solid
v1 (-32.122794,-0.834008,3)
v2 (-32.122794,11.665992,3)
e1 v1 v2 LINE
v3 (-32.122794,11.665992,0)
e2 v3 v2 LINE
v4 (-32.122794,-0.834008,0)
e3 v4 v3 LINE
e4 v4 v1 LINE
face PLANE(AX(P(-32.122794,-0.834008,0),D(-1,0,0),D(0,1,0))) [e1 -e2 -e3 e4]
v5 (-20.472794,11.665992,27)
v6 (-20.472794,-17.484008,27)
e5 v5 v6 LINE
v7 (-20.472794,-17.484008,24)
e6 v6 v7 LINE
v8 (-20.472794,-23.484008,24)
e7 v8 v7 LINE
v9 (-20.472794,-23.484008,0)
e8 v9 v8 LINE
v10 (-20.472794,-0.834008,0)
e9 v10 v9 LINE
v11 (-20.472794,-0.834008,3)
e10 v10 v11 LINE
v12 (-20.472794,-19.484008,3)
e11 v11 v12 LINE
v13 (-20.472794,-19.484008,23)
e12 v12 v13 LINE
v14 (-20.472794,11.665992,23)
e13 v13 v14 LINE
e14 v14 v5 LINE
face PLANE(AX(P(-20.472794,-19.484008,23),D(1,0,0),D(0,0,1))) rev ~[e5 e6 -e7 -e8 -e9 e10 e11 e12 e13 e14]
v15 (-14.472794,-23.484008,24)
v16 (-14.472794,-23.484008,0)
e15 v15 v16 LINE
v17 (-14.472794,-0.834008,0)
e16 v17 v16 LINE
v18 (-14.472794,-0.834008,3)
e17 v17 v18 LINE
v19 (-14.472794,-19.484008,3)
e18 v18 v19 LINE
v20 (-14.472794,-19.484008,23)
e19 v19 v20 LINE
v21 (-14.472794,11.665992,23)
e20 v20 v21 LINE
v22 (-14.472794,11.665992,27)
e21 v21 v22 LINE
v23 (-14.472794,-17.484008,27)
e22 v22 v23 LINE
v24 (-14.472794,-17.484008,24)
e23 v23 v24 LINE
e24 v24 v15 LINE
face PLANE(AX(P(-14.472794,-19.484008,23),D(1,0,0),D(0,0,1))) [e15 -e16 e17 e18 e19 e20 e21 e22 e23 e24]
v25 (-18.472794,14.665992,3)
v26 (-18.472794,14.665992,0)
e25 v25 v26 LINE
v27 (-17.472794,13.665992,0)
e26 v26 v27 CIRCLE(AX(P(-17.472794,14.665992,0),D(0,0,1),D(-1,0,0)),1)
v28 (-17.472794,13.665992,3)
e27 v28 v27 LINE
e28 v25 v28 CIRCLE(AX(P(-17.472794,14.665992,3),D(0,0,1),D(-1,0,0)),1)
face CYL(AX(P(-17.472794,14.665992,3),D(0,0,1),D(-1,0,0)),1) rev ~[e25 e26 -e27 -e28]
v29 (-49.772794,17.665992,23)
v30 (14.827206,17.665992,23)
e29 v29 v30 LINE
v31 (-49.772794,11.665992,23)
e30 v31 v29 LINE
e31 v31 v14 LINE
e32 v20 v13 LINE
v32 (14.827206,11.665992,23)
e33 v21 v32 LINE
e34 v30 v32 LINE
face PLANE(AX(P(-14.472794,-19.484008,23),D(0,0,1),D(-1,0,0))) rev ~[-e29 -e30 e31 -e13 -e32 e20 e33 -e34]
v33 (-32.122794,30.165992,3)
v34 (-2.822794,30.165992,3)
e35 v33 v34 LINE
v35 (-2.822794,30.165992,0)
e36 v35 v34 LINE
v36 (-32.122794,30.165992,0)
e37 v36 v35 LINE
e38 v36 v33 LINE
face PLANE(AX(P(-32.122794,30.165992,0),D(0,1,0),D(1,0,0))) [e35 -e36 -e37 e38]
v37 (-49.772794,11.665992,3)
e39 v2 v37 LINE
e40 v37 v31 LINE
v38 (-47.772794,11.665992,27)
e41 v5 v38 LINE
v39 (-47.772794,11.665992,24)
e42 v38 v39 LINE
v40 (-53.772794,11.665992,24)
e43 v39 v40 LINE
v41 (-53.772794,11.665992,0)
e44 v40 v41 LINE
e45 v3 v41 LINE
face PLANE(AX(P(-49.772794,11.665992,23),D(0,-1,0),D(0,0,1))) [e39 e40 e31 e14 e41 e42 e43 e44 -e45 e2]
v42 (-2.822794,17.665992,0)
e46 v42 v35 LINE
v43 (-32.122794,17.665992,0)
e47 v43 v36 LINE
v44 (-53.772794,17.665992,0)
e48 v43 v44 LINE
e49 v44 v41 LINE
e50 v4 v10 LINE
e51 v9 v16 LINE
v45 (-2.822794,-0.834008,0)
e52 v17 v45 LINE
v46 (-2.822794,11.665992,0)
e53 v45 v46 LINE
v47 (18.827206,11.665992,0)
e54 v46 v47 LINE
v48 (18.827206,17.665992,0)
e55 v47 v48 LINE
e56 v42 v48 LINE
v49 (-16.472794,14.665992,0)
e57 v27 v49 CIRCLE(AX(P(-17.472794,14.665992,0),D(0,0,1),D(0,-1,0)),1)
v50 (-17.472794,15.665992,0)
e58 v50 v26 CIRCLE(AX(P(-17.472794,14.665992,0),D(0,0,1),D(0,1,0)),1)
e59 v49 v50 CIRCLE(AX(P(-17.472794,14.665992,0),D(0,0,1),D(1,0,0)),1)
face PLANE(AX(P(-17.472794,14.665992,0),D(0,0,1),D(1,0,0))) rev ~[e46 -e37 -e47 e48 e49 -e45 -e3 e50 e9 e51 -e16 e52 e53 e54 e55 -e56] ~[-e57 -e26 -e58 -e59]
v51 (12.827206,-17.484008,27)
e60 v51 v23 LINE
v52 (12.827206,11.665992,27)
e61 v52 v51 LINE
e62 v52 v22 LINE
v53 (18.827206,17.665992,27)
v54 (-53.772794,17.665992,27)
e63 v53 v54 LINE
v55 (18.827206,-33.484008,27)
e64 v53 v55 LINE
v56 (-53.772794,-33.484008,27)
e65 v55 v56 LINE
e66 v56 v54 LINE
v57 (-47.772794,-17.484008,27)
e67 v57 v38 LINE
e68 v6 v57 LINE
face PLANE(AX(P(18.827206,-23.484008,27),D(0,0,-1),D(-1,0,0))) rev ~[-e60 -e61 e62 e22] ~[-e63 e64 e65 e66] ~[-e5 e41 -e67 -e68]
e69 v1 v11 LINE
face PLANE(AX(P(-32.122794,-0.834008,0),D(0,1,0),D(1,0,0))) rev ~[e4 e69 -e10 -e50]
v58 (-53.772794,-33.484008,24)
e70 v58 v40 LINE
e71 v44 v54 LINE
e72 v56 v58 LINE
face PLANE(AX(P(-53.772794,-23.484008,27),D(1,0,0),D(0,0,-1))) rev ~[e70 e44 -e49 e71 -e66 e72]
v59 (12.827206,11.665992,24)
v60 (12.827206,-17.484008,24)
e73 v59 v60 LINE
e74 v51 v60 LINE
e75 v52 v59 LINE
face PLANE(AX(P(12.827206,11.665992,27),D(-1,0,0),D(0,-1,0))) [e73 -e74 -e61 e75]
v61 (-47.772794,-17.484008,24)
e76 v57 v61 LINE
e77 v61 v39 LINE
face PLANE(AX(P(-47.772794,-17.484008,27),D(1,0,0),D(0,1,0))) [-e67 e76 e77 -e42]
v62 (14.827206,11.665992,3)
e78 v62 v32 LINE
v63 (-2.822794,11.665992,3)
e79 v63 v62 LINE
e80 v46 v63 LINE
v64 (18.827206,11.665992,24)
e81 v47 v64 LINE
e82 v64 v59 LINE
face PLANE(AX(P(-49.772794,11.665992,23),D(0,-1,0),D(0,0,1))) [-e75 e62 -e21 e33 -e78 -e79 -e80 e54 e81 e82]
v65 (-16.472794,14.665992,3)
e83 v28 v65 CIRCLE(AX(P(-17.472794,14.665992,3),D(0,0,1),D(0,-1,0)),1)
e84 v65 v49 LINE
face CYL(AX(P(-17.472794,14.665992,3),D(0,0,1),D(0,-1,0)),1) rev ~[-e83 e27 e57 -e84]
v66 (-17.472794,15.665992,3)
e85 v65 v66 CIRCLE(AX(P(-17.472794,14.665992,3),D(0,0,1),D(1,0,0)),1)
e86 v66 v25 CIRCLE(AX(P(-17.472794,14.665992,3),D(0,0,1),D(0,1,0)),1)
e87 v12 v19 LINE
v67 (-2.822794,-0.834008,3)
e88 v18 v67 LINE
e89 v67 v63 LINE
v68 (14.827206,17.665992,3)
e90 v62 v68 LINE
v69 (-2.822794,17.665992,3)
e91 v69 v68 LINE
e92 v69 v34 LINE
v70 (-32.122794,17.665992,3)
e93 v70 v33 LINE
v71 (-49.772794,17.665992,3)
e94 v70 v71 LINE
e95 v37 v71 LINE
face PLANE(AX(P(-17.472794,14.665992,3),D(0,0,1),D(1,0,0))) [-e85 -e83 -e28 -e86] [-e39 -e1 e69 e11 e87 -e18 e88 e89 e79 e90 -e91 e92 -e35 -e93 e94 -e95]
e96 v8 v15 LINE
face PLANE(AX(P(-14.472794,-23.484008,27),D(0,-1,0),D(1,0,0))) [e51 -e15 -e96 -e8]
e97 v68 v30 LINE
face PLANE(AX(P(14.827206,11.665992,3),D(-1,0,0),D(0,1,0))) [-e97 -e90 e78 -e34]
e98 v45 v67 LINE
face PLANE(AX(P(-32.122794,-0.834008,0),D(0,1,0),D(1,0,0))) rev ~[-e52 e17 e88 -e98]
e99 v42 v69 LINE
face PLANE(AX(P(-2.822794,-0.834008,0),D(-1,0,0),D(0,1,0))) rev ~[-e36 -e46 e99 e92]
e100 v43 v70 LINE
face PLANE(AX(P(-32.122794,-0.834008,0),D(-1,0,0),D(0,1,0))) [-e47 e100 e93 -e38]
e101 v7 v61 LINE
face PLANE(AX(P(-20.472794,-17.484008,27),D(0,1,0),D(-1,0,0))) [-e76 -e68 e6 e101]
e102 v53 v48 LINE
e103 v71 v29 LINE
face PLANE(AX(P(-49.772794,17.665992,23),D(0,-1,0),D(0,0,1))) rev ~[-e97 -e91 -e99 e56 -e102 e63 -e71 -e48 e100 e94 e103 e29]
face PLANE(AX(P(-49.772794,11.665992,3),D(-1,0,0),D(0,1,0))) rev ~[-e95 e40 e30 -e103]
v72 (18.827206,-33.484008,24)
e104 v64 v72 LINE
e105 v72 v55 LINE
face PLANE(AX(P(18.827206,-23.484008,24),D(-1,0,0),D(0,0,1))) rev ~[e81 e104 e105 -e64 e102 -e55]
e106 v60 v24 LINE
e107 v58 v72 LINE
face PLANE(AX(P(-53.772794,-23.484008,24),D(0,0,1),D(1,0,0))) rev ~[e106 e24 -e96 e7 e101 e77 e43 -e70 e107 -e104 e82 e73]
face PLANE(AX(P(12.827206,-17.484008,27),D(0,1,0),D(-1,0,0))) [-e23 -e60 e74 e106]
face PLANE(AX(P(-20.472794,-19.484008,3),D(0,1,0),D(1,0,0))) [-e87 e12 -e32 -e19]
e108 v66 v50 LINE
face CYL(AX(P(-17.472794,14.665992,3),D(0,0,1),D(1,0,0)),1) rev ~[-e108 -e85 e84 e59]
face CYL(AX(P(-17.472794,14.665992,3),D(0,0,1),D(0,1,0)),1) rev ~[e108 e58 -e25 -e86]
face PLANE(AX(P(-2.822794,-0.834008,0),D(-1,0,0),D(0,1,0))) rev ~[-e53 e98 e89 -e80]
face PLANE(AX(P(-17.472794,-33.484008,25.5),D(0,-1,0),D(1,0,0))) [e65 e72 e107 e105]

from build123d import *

# Parameters (mm, degrees)
F0_W      = 29.3
F0_H      = 31
F1_DEPTH  = 3
F2_W      = 6
F2_H      = 3
F5_DEPTH  = 21.65
F3_W      = 6
F3_H      = 3
F6_DEPTH  = 21.65
F4_W      = 6
F4_H      = 3
F7_DEPTH  = 22.65
F8_W      = 4
F8_H      = 6
F8_W_2    = 6
F8_H_2    = 4
F9_DEPTH  = 24
F10_W     = 6
F10_H     = 4
F13_DEPTH = 35.95
F11_W     = 6
F11_H     = 4
F14_DEPTH = 35.95
F12_W     = 6
F12_H     = 4
F15_DEPTH = 33.8
F17_DEPTH = 4
F19_DEPTH = 3
F21_DEPTH = 10


with BuildPart() as f1:
    # F0 (on Top) → F1 (new body)
    with BuildSketch(Plane.XY):
        with Locations((-17.4727943537, 14.6659919992)):
            Rectangle(F0_W, F0_H)
    extrude(amount=F1_DEPTH)

    # F2 (on face) → F5 (join)
    with BuildSketch(Plane.YZ.offset(-2.8227943537)):
        with Locations((14.6659919992, 1.5)):
            Rectangle(F2_W, F2_H)
    extrude(amount=F5_DEPTH)

    # F3 (on face) → F6 (join)
    with BuildSketch(Plane(origin=(-32.1227943537, 0, 0), x_dir=(0, -1, 0), z_dir=(-1, 0, 0))):
        with Locations((-14.6659919992, 1.5)):
            Rectangle(F3_W, F3_H)
    extrude(amount=F6_DEPTH)

    # F4 (on face) → F7 (join)
    with BuildSketch(Plane.XZ.offset(0.8340080008)):
        with Locations((-17.4727943537, 1.5)):
            Rectangle(F4_W, F4_H)
    extrude(amount=F7_DEPTH)

    # F8 (on face) → F9 (join)
    with BuildSketch(Plane.XY.offset(3)):
        with Locations((16.8272056463, 14.6659919992)):
            Rectangle(F8_W, F8_H)
        with Locations((-17.4727943537, -21.4840080008)):
            Rectangle(F8_W_2, F8_H_2)
        with Locations((-51.7727943537, 14.6659919992)):
            Rectangle(F8_W, F8_H)
    extrude(amount=F9_DEPTH)

    # F10 (on face) → F13 (join)
    with BuildSketch(Plane(origin=(14.8272056463, 0, 0), x_dir=(0, -1, 0), z_dir=(-1, 0, 0))):
        with Locations((-14.6659919992, 25)):
            Rectangle(F10_W, F10_H)
    extrude(amount=F13_DEPTH)

    # F11 (on face) → F14 (join)
    with BuildSketch(Plane.YZ.offset(-49.7727943537)):
        with Locations((14.6659919992, 25)):
            Rectangle(F11_W, F11_H)
    extrude(amount=F14_DEPTH)

    # F12 (on face) → F15 (join)
    with BuildSketch(Plane(origin=(0, -19.4840080008, 0), x_dir=(-1, 0, 0), z_dir=(0, 1, 0))):
        with Locations((17.4727943537, 25)):
            Rectangle(F12_W, F12_H)
    extrude(amount=F15_DEPTH)

    # F16 (on face) → F17 (cut)
    with BuildSketch(Plane.XY.offset(3)):
        with BuildLine():
            ThreePointArc((-17.4727943537, 13.6659919992), (-16.7656875725, 13.958885218), (-16.4727943537, 14.6659919992))
            Line((-16.4727943537, 14.6659919992), (-17.4727943537, 14.6659919992))
            Line((-17.4727943537, 14.6659919992), (-17.4727943537, 13.6659919992))
        make_face()
        with BuildLine():
            Line((-17.4727943537, 14.6659919992), (-16.4727943537, 14.6659919992))
            ThreePointArc((-16.4727943537, 14.6659919992), (-16.7656875725, 15.3730987804), (-17.4727943537, 15.6659919992))
            Line((-17.4727943537, 15.6659919992), (-17.4727943537, 14.6659919992))
        make_face()
        with BuildLine():
            Line((-18.4727943537, 14.6659919992), (-17.4727943537, 14.6659919992))
            Line((-17.4727943537, 14.6659919992), (-17.4727943537, 15.6659919992))
            ThreePointArc((-17.4727943537, 15.6659919992), (-18.1799011348, 15.3730987804), (-18.4727943537, 14.6659919992))
        make_face()
        with BuildLine():
            Line((-17.4727943537, 13.6659919992), (-17.4727943537, 14.6659919992))
            Line((-17.4727943537, 14.6659919992), (-18.4727943537, 14.6659919992))
            ThreePointArc((-18.4727943537, 14.6659919992), (-18.1799011348, 13.958885218), (-17.4727943537, 13.6659919992))
        make_face()
    extrude(amount=-F17_DEPTH, mode=Mode.SUBTRACT)

    # F18 (on face) → F19 (join)
    with BuildSketch(Plane.XY.offset(27)):
        Polygon((-14.4727943537, -17.4840080008), (-14.4727943537, -23.4840080008), (18.8272056463, -23.4840080008), (18.8272056463, 11.6659919992), (12.8272056463, 11.6659919992), (12.8272056463, -17.4840080008), align=None)
        Polygon((-47.7727943537, 11.6659919992), (-53.7727943537, 11.6659919992), (-53.7727943537, -23.4840080008), (-20.4727943537, -23.4840080008), (-20.4727943537, -17.4840080008), (-47.7727943537, -17.4840080008), align=None)
    extrude(amount=-F19_DEPTH)

    # F20 (on face) → F21 (join)
    with BuildSketch(Plane.XZ.offset(23.4840080008)):
        Polygon((-53.7727943537, 24), (-20.4727943537, 24), (-14.4727943537, 24), (18.8272056463, 24), (18.8272056463, 27), (-53.7727943537, 27), align=None)
    extrude(amount=F21_DEPTH)


solid = f1.part
